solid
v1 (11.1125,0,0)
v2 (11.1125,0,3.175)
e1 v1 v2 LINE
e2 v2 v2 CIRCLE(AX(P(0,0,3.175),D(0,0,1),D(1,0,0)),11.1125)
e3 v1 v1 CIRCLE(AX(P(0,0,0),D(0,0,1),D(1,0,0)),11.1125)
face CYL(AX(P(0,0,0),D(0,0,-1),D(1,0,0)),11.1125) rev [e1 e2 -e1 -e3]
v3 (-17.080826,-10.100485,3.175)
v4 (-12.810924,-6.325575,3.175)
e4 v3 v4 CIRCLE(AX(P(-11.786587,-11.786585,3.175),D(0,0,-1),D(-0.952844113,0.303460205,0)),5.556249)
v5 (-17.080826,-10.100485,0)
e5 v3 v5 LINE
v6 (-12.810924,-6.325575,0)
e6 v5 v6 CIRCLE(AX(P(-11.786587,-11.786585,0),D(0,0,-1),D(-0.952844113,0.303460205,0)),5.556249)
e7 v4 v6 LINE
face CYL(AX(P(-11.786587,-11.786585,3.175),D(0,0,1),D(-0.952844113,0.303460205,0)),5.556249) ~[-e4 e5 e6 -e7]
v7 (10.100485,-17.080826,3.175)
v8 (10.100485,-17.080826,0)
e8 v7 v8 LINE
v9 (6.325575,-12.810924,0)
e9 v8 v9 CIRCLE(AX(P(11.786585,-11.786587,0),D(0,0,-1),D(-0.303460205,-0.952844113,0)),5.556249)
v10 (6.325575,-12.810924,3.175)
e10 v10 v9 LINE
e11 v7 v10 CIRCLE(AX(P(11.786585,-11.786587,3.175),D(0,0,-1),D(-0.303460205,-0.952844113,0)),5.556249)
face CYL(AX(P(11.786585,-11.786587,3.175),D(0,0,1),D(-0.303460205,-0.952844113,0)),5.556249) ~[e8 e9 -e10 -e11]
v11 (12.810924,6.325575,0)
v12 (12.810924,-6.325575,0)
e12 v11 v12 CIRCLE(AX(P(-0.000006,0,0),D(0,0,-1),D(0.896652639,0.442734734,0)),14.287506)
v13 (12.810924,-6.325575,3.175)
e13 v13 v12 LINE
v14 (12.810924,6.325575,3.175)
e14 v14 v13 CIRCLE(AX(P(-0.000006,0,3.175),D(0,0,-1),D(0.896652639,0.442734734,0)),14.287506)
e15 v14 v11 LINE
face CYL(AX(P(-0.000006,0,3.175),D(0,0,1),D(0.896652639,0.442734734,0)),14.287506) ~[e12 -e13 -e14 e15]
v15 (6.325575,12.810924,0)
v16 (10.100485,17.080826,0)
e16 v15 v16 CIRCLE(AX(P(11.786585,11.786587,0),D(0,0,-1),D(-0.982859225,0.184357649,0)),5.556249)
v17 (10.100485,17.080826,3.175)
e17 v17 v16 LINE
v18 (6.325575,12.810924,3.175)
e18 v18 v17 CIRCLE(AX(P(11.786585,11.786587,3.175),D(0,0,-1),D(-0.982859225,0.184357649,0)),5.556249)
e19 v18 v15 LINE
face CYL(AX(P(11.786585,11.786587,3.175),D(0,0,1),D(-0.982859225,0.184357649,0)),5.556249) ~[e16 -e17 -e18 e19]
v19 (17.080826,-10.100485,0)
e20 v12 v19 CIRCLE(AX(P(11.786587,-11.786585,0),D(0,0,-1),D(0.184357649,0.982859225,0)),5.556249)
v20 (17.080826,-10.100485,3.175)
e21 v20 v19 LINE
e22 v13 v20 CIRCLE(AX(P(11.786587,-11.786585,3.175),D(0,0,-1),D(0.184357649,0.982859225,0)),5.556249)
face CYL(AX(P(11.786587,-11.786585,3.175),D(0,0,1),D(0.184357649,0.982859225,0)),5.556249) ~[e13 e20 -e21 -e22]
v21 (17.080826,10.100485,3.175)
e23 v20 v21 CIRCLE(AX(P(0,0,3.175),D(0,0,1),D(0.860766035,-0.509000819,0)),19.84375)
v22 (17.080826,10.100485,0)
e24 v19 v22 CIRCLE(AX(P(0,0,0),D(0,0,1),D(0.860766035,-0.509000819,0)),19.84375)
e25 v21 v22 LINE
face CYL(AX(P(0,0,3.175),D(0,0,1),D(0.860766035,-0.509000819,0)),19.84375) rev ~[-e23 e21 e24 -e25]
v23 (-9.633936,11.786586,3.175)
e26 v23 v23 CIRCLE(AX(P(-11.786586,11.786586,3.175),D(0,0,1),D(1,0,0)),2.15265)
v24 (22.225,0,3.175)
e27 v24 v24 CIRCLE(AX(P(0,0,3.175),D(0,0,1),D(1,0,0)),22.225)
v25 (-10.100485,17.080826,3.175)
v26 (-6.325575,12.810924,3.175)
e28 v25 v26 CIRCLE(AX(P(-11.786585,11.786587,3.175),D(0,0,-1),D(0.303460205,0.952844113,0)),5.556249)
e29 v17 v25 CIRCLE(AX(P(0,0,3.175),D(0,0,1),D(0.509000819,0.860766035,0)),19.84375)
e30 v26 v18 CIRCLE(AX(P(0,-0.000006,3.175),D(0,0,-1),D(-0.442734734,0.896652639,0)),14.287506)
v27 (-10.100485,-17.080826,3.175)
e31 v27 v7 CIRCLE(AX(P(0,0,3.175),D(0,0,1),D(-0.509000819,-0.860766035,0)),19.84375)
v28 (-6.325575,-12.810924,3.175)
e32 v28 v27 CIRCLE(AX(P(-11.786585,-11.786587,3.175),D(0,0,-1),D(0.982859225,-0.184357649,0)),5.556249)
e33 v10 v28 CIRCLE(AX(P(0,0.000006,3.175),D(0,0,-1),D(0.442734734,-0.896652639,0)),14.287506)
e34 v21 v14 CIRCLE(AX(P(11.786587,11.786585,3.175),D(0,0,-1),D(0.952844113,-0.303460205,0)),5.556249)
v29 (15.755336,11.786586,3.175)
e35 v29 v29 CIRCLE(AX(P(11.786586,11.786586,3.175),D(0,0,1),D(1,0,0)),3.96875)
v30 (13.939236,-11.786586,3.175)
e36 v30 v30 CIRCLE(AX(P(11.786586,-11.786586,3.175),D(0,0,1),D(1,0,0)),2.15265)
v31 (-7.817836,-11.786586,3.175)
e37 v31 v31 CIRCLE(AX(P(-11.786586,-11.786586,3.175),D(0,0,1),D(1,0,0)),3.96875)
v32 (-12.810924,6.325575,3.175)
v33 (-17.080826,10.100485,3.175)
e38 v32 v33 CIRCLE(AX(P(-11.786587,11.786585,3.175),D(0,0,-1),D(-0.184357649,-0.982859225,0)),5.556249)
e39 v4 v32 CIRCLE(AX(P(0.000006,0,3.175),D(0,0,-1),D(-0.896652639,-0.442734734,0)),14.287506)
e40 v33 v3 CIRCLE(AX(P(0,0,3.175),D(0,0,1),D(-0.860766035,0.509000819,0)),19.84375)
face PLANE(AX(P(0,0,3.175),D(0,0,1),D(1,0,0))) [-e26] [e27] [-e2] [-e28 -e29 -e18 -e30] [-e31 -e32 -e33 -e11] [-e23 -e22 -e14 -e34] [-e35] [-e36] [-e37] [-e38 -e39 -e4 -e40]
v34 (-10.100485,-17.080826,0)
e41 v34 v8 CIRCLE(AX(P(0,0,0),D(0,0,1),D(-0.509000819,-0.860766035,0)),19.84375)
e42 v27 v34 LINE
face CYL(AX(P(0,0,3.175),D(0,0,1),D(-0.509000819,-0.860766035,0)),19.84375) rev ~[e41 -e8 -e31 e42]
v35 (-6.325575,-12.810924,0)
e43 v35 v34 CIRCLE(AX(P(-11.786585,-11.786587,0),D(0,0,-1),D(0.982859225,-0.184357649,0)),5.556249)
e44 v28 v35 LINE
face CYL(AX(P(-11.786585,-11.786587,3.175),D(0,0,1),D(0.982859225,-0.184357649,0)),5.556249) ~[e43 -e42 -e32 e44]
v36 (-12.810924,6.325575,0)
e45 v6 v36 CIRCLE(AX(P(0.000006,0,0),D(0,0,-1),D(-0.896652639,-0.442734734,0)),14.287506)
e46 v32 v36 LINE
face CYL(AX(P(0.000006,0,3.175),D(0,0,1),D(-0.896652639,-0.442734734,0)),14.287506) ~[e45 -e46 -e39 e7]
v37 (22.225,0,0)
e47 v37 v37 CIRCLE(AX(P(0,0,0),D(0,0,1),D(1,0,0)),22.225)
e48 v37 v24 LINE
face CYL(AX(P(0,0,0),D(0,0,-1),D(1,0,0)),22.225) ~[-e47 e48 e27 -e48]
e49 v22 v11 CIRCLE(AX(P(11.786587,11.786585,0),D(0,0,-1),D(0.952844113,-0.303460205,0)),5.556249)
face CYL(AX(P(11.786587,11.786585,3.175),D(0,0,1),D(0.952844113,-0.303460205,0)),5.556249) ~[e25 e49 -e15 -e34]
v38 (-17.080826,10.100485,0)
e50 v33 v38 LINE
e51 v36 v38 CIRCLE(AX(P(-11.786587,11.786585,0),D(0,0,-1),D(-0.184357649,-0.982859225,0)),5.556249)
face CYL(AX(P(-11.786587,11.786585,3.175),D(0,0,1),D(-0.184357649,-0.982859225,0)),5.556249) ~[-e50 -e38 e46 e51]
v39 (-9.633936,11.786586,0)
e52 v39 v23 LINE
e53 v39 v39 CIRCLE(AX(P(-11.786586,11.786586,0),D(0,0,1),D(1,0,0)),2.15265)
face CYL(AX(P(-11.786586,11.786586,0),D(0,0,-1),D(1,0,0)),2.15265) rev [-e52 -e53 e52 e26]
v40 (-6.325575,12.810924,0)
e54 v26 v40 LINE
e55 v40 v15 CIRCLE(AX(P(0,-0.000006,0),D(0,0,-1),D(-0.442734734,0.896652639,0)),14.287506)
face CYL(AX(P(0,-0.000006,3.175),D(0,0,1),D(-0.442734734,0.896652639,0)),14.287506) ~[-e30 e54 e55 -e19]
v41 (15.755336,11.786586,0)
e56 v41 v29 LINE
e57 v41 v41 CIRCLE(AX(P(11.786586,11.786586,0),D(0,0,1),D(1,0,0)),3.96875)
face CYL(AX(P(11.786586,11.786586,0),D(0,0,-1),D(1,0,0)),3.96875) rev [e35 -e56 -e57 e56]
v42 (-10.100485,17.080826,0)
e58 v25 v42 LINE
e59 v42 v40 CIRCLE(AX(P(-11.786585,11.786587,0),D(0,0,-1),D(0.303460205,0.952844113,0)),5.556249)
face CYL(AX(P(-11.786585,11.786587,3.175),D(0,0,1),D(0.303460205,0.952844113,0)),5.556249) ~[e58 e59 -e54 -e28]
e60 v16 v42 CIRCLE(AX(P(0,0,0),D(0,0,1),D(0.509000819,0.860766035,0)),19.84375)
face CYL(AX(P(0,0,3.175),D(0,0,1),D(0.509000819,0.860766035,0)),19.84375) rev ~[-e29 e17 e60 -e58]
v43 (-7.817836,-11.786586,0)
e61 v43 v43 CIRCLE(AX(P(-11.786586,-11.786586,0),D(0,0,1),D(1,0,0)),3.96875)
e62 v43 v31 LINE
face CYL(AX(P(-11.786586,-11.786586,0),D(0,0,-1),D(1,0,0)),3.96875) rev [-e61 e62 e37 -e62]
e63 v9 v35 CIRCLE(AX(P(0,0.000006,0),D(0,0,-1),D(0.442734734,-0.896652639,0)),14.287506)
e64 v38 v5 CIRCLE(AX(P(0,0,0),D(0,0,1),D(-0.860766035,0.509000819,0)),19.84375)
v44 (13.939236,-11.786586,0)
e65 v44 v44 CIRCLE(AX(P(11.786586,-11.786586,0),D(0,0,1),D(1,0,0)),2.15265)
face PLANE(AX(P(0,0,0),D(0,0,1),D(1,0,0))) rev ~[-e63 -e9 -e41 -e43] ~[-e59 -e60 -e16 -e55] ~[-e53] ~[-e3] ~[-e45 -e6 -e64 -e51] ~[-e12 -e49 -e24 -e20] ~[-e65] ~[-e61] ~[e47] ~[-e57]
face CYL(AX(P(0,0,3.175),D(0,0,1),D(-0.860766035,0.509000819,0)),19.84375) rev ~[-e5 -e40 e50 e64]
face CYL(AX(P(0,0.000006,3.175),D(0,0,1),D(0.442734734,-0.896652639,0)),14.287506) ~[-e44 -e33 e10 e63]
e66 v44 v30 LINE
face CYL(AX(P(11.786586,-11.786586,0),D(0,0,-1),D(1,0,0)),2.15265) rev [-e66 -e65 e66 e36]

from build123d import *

# Parameters (mm, degrees)
F0_R     = 22.225
F0_R_2   = 3.96875
F0_R_3   = 2.15265
F0_R_4   = 11.1125
F1_DEPTH = 3.175
F3_DEPTH = 3.175


with BuildPart() as f1:
    # F0 (on Top) → F1 (new body)
    with BuildSketch(Plane.XY):
        Circle(F0_R)
        with Locations((-11.786586, -11.786586)):
            Circle(F0_R_2, mode=Mode.SUBTRACT)
        with Locations((11.786586, -11.786586)):
            Circle(F0_R_3, mode=Mode.SUBTRACT)
        with Locations((-11.786586, 11.786586)):
            Circle(F0_R_3, mode=Mode.SUBTRACT)
        Circle(F0_R_4, mode=Mode.SUBTRACT)
        with Locations((11.786586, 11.786586)):
            Circle(F0_R_2, mode=Mode.SUBTRACT)
    extrude(amount=F1_DEPTH)

    # F2 (on face) → F3 (cut, through all)
    with BuildSketch(Plane.XY.offset(3.175)):
        with BuildLine():
            ThreePointArc((-10.100485, 17.080826), (-7.623856, 15.466748), (-6.325575, 12.810924))
            ThreePointArc((-6.325575, 12.810924), (0, 14.2875), (6.325575, 12.810924))
            ThreePointArc((6.325575, 12.810924), (7.623856, 15.466748), (10.100485, 17.080826))
            ThreePointArc((10.100485, 17.080826), (0, 19.84375), (-10.100485, 17.080826))
        make_face()
        with BuildLine():
            ThreePointArc((-12.810924, 6.325575), (-15.466748, 7.623856), (-17.080826, 10.100485))
            ThreePointArc((-17.080826, 10.100485), (-19.84375, 0), (-17.080826, -10.100485))
            ThreePointArc((-17.080826, -10.100485), (-15.466748, -7.623856), (-12.810924, -6.325575))
            ThreePointArc((-12.810924, -6.325575), (-14.2875, 0), (-12.810924, 6.325575))
        make_face()
        with BuildLine():
            ThreePointArc((17.080826, 10.100485), (15.466748, 7.623856), (12.810924, 6.325575))
            ThreePointArc((12.810924, 6.325575), (14.2875, 0), (12.810924, -6.325575))
            ThreePointArc((12.810924, -6.325575), (15.466748, -7.623856), (17.080826, -10.100485))
            ThreePointArc((17.080826, -10.100485), (19.84375, 0), (17.080826, 10.100485))
        make_face()
        with BuildLine():
            ThreePointArc((-6.325575, -12.810924), (-7.623856, -15.466748), (-10.100485, -17.080826))
            ThreePointArc((-10.100485, -17.080826), (0, -19.84375), (10.100485, -17.080826))
            ThreePointArc((10.100485, -17.080826), (7.623856, -15.466748), (6.325575, -12.810924))
            ThreePointArc((6.325575, -12.810924), (0, -14.2875), (-6.325575, -12.810924))
        make_face()
    extrude(amount=-F3_DEPTH, mode=Mode.SUBTRACT)


solid = f1.part
